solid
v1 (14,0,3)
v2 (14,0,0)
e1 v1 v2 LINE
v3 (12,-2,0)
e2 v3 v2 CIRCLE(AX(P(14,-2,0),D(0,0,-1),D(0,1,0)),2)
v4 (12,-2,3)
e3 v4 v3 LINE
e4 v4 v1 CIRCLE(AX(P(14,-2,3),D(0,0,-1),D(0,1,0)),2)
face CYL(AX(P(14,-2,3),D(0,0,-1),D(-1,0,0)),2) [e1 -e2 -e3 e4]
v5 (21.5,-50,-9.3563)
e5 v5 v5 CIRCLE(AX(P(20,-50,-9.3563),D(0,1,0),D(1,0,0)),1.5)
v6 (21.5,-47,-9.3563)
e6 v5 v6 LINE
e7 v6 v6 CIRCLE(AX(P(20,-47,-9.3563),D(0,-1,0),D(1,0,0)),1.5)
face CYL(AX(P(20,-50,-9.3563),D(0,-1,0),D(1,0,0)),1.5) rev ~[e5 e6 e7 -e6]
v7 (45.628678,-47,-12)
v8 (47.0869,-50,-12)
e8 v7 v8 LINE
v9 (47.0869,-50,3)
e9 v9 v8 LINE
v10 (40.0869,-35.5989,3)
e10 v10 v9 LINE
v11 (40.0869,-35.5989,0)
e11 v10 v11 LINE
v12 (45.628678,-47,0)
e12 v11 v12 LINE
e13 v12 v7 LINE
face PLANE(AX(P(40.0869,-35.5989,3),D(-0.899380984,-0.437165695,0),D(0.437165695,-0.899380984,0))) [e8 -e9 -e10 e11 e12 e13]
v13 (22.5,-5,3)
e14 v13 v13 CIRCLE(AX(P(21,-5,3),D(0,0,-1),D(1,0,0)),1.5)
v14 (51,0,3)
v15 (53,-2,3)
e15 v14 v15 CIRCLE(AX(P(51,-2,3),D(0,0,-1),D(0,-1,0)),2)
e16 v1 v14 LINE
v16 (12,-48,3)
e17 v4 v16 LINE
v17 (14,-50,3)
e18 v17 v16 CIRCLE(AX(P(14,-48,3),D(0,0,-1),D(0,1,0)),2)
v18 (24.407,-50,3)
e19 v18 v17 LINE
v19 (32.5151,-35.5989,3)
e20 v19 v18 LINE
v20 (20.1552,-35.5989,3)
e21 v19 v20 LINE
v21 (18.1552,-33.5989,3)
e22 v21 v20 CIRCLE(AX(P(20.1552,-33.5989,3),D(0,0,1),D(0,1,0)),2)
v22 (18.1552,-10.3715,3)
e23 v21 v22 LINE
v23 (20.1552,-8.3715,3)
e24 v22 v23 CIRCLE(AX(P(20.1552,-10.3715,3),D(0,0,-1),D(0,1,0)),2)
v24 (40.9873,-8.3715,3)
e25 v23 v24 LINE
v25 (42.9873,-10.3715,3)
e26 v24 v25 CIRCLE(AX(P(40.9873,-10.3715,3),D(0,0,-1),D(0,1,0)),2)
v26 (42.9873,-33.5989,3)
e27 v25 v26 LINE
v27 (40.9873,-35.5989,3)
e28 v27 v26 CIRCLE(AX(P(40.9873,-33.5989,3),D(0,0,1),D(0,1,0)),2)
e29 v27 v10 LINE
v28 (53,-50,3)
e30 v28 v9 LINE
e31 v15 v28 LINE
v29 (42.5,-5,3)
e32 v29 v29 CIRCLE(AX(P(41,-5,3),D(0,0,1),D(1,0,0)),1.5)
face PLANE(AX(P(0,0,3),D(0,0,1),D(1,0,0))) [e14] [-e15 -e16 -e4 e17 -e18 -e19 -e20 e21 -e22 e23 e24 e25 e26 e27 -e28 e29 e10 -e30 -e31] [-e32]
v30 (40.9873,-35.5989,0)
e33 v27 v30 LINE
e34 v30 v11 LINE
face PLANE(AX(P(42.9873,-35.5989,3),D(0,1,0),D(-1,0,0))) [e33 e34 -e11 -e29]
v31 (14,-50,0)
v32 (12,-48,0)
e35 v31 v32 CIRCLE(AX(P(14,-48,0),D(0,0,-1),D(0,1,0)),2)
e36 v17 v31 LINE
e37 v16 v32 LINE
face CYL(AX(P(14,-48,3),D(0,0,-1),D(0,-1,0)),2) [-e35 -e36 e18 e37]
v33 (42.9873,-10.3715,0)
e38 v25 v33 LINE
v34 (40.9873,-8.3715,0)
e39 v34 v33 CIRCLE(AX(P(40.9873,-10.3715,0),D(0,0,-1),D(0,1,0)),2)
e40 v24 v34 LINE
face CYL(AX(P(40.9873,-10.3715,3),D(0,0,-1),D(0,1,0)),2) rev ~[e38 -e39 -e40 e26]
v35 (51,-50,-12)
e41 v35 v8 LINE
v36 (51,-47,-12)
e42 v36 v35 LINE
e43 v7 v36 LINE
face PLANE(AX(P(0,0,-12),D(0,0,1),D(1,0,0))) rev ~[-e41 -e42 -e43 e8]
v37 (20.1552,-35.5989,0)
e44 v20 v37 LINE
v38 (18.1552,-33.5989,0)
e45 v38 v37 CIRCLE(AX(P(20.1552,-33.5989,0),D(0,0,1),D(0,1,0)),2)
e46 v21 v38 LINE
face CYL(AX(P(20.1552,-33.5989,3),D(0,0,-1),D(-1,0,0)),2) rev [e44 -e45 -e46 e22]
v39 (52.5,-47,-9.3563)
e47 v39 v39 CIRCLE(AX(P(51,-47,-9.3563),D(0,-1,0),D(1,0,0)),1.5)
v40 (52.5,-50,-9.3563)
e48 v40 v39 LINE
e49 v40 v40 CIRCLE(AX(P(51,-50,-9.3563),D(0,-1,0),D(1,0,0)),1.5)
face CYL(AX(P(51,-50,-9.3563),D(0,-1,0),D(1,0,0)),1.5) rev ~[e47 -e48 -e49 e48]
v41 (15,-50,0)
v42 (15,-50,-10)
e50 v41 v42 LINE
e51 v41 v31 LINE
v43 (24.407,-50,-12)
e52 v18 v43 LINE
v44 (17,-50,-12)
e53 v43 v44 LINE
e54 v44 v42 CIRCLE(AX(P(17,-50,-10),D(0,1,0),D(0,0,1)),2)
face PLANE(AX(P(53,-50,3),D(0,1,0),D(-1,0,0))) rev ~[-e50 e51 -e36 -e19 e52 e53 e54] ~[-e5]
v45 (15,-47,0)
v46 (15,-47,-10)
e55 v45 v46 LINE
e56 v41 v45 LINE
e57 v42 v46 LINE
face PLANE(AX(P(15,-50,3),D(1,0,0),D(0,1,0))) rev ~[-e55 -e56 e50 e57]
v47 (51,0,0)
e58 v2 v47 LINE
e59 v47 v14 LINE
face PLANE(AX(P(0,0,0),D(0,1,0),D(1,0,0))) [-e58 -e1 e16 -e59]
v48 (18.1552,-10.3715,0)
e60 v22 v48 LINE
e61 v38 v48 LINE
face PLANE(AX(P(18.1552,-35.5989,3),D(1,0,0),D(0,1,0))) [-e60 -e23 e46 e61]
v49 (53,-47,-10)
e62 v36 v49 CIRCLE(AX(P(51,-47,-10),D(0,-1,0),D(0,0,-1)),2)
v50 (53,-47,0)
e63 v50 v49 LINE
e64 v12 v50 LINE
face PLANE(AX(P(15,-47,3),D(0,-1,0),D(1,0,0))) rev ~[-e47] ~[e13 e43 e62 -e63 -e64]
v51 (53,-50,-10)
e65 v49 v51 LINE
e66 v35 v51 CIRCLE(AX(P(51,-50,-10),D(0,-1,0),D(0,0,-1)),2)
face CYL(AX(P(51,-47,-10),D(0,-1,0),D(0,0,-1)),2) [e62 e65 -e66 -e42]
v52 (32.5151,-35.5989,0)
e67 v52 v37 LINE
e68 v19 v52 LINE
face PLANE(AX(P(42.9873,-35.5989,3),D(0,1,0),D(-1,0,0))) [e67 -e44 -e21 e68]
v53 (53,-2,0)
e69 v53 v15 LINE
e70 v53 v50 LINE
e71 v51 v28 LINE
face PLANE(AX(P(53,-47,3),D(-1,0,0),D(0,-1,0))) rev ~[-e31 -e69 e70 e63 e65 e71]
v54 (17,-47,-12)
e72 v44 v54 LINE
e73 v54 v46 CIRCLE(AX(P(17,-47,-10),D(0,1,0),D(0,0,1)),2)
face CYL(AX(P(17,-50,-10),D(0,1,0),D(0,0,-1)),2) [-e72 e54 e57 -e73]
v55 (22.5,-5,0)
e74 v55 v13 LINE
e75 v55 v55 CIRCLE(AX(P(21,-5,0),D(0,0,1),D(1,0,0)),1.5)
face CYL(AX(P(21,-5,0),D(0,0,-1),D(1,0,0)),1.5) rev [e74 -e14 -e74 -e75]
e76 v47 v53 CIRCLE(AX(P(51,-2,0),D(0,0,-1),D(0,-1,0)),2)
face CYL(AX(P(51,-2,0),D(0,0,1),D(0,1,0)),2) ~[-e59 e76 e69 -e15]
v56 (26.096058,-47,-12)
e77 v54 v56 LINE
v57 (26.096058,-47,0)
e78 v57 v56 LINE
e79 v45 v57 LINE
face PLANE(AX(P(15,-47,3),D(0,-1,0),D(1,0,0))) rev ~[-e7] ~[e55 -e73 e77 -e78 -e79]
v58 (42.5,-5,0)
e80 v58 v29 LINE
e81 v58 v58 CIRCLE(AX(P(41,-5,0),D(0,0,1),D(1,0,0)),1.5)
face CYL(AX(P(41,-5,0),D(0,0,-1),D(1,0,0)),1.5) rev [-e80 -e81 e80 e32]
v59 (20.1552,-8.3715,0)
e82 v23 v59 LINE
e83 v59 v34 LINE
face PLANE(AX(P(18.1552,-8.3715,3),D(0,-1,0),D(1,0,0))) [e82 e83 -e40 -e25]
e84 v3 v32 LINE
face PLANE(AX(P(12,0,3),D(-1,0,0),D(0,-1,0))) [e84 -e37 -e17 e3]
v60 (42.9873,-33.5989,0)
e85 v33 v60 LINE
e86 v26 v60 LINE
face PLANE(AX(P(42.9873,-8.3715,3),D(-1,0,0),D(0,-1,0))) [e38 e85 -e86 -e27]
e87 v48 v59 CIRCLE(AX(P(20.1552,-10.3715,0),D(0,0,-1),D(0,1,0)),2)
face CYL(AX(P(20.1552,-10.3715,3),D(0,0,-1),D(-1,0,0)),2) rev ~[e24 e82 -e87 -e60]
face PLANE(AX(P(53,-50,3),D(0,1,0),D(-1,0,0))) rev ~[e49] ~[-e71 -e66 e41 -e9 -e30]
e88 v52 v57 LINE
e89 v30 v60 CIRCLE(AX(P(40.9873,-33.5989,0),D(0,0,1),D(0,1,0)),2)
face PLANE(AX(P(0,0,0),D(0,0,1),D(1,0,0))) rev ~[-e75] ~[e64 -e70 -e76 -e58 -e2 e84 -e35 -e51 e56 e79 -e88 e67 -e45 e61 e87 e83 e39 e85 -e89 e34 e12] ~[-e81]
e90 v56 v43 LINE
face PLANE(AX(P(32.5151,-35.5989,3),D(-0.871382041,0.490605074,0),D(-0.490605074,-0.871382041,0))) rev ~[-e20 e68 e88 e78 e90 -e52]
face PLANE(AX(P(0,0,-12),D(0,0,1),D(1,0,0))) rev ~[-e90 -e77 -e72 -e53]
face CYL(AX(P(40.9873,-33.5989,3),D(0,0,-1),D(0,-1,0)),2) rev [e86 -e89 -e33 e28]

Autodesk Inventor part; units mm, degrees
ref_plane "YZ Plane" through (0, 0, 0) normal (1, 0, 0) x (0, 1, 0)
ref_plane "XZ Plane" through (0, 0, 0) normal (0, 1, 0) x (-1, 0, 0)
ref_plane "XY Plane" through (0, 0, 0) normal (0, 0, 1) x (1, 0, 0)
sketch "Sketch1" plane through (0, 0, 0) normal (0, 0, 1) x (1, 0, 0)
  line L0 (0, 0) -> (53, 0)
  line L1 (53, 0) -> (53, -50)
  line L2 (53, -50) -> (0, -50)
  line L3 (0, -50) -> (0, 0)
  line L4 (41, 0) -> (41, 6.0159) construction
  line L5 (41, 6.0159) -> (41, -25.0024) construction
  circle A0 centre (41, -5) radius 1.5
  line L6 (41, 3.3654) -> (9, 3.3654) construction
  line L7 (9, 3.3654) -> (9, -23.8563) construction
  line L8 (41, -5) -> (7.1054, -5) construction
  circle A1 centre (9, -5) radius 1.5
  line L9 (41, -9) -> (21, -9) construction
  line L10 (21, -9) -> (21, -3) construction
  circle A2 centre (21, -5) radius 1.5
  dimension "d0" = 53
  dimension "d1" = 50
  dimension "d2" = 3
  dimension "d3" = 32
  dimension "d4" = 3
  dimension "d87" = 20
  dimension "d88" = 3
extrude "Extrusion1" add sketch "Sketch1" along normal blind 3 contours L0 L1 L2 L3 | A2
sketch "Sketch2" plane through (0, 0, 3) normal (0, 0, 1) x (1, 0, 0)
  line L0 (53, -50) -> (15, -50)
  line L1 (15, -50) -> (15, -47)
  line L2 (15, -47) -> (53, -47)
  line L3 (53, -47) -> (53, -50)
  dimension "d7" = 38
  dimension "d8" = 3
extrude "Extrusion2" add sketch "Sketch2" against normal blind 15
fillet "Fillet3" radius 2 1 edges at (53, -48.5, -12)
fillet "Fillet6" radius 2 1 edges at (15, -48.5, -12)
sketch "Sketch5" plane through (0, 0, 3) normal (0, 0, 1) x (1, 0, 0)
  line L0 (18.1552, -8.3715) -> (42.9873, -8.3715)
  line L1 (42.9873, -8.3715) -> (42.9873, -35.5989)
  line L2 (42.9873, -35.5989) -> (18.1552, -35.5989)
  line L3 (18.1552, -35.5989) -> (18.1552, -8.3715)
extrude "Extrusion4" cut sketch "Sketch5" against normal through all
fillet "Fillet8" radius 2 1 edges at (18.1552, -8.3715, 1.5)
fillet "Fillet9" radius 2 1 edges at (42.9873, -8.3715, 1.5)
fillet "Fillet10" radius 2 1 edges at (18.1552, -35.5989, 1.5)
fillet "Fillet12" radius 2 1 edges at (42.9873, -35.5989, 1.5)
fillet "Fillet13" radius 2 1 edges at (0, 0, 1.5)
fillet "Fillet14" radius 2 1 edges at (53, 0, 1.5)
sketch "Sketch6" plane through (0, -50, 3) normal (0, -1, 0) x (1, 0, 0)
  line L0 (51, -15) -> (17, -15) projected
  line L1 (0, 0) -> (53, 0) projected
  line L2 (53, 0) -> (51, 0) construction
  line L3 (51, 2) -> (51, -15) construction
  line L4 (54, -12.3563) -> (12.4146, -12.3563) construction
  line L5 (51, -7.4819) -> (20, -7.4819) construction
  line L6 (20, -7.4819) -> (20, -11) construction
  circle A0 centre (20, -12.3563) radius 1.5
  circle A1 centre (51, -12.3563) radius 1.5
  dimension "d60" = 31
  dimension "d61" = 3
  dimension "d64" = 3
extrude "Extrusion5" cut sketch "Sketch6" against normal through all contours A0
extrude "Extrusion6" cut sketch "Sketch6" against normal through all contours A1
sketch "Sketch7" plane through (0, 0, 3) normal (0, 0, 1) x (1, 0, 0)
  line L0 (40.9873, -35.5989) -> (20.1552, -35.5989) projected
  line L1 (0, -50) -> (53, -50) projected
  line L2 (32.5151, -35.5989) -> (24.407, -50)
  line L3 (40.0869, -35.5989) -> (47.0869, -50)
  point P0 (0, 0)
extrude "Extrusion7" cut sketch "Sketch7" against normal through all
sketch "Sketch8" plane through (0, 0, 3) normal (0, 0, 1) x (1, 0, 0)
  line L0 (0, -50) -> (24.407, -50) projected
  circle A0 centre (9, -5) radius 1.5 projected
  line L1 (0, 0) -> (12, 0)
  line L2 (12, 0) -> (12, -50)
  line L3 (12, -50) -> (0, -50)
  line L4 (0, -50) -> (0, 0)
extrude "Extrusion8" cut sketch "Sketch8" against normal through all
fillet "Fillet15" radius 2 1 edges at (12, -50, 1.5)
fillet "Fillet16" radius 2 1 edges at (12, 0, 1.5)
hole "Hole4" at (20, -50, -9.3563) direction (0, 1, 0) diameter 3 end through all
hole "Hole5" at (20, -50, -9.3563) direction (0, 1, 0) diameter 3 end through all
extrude "Extrusion9" cut sketch "Sketch1" along normal through all contours A2
properties part number "bart z endstop bracket v4"
